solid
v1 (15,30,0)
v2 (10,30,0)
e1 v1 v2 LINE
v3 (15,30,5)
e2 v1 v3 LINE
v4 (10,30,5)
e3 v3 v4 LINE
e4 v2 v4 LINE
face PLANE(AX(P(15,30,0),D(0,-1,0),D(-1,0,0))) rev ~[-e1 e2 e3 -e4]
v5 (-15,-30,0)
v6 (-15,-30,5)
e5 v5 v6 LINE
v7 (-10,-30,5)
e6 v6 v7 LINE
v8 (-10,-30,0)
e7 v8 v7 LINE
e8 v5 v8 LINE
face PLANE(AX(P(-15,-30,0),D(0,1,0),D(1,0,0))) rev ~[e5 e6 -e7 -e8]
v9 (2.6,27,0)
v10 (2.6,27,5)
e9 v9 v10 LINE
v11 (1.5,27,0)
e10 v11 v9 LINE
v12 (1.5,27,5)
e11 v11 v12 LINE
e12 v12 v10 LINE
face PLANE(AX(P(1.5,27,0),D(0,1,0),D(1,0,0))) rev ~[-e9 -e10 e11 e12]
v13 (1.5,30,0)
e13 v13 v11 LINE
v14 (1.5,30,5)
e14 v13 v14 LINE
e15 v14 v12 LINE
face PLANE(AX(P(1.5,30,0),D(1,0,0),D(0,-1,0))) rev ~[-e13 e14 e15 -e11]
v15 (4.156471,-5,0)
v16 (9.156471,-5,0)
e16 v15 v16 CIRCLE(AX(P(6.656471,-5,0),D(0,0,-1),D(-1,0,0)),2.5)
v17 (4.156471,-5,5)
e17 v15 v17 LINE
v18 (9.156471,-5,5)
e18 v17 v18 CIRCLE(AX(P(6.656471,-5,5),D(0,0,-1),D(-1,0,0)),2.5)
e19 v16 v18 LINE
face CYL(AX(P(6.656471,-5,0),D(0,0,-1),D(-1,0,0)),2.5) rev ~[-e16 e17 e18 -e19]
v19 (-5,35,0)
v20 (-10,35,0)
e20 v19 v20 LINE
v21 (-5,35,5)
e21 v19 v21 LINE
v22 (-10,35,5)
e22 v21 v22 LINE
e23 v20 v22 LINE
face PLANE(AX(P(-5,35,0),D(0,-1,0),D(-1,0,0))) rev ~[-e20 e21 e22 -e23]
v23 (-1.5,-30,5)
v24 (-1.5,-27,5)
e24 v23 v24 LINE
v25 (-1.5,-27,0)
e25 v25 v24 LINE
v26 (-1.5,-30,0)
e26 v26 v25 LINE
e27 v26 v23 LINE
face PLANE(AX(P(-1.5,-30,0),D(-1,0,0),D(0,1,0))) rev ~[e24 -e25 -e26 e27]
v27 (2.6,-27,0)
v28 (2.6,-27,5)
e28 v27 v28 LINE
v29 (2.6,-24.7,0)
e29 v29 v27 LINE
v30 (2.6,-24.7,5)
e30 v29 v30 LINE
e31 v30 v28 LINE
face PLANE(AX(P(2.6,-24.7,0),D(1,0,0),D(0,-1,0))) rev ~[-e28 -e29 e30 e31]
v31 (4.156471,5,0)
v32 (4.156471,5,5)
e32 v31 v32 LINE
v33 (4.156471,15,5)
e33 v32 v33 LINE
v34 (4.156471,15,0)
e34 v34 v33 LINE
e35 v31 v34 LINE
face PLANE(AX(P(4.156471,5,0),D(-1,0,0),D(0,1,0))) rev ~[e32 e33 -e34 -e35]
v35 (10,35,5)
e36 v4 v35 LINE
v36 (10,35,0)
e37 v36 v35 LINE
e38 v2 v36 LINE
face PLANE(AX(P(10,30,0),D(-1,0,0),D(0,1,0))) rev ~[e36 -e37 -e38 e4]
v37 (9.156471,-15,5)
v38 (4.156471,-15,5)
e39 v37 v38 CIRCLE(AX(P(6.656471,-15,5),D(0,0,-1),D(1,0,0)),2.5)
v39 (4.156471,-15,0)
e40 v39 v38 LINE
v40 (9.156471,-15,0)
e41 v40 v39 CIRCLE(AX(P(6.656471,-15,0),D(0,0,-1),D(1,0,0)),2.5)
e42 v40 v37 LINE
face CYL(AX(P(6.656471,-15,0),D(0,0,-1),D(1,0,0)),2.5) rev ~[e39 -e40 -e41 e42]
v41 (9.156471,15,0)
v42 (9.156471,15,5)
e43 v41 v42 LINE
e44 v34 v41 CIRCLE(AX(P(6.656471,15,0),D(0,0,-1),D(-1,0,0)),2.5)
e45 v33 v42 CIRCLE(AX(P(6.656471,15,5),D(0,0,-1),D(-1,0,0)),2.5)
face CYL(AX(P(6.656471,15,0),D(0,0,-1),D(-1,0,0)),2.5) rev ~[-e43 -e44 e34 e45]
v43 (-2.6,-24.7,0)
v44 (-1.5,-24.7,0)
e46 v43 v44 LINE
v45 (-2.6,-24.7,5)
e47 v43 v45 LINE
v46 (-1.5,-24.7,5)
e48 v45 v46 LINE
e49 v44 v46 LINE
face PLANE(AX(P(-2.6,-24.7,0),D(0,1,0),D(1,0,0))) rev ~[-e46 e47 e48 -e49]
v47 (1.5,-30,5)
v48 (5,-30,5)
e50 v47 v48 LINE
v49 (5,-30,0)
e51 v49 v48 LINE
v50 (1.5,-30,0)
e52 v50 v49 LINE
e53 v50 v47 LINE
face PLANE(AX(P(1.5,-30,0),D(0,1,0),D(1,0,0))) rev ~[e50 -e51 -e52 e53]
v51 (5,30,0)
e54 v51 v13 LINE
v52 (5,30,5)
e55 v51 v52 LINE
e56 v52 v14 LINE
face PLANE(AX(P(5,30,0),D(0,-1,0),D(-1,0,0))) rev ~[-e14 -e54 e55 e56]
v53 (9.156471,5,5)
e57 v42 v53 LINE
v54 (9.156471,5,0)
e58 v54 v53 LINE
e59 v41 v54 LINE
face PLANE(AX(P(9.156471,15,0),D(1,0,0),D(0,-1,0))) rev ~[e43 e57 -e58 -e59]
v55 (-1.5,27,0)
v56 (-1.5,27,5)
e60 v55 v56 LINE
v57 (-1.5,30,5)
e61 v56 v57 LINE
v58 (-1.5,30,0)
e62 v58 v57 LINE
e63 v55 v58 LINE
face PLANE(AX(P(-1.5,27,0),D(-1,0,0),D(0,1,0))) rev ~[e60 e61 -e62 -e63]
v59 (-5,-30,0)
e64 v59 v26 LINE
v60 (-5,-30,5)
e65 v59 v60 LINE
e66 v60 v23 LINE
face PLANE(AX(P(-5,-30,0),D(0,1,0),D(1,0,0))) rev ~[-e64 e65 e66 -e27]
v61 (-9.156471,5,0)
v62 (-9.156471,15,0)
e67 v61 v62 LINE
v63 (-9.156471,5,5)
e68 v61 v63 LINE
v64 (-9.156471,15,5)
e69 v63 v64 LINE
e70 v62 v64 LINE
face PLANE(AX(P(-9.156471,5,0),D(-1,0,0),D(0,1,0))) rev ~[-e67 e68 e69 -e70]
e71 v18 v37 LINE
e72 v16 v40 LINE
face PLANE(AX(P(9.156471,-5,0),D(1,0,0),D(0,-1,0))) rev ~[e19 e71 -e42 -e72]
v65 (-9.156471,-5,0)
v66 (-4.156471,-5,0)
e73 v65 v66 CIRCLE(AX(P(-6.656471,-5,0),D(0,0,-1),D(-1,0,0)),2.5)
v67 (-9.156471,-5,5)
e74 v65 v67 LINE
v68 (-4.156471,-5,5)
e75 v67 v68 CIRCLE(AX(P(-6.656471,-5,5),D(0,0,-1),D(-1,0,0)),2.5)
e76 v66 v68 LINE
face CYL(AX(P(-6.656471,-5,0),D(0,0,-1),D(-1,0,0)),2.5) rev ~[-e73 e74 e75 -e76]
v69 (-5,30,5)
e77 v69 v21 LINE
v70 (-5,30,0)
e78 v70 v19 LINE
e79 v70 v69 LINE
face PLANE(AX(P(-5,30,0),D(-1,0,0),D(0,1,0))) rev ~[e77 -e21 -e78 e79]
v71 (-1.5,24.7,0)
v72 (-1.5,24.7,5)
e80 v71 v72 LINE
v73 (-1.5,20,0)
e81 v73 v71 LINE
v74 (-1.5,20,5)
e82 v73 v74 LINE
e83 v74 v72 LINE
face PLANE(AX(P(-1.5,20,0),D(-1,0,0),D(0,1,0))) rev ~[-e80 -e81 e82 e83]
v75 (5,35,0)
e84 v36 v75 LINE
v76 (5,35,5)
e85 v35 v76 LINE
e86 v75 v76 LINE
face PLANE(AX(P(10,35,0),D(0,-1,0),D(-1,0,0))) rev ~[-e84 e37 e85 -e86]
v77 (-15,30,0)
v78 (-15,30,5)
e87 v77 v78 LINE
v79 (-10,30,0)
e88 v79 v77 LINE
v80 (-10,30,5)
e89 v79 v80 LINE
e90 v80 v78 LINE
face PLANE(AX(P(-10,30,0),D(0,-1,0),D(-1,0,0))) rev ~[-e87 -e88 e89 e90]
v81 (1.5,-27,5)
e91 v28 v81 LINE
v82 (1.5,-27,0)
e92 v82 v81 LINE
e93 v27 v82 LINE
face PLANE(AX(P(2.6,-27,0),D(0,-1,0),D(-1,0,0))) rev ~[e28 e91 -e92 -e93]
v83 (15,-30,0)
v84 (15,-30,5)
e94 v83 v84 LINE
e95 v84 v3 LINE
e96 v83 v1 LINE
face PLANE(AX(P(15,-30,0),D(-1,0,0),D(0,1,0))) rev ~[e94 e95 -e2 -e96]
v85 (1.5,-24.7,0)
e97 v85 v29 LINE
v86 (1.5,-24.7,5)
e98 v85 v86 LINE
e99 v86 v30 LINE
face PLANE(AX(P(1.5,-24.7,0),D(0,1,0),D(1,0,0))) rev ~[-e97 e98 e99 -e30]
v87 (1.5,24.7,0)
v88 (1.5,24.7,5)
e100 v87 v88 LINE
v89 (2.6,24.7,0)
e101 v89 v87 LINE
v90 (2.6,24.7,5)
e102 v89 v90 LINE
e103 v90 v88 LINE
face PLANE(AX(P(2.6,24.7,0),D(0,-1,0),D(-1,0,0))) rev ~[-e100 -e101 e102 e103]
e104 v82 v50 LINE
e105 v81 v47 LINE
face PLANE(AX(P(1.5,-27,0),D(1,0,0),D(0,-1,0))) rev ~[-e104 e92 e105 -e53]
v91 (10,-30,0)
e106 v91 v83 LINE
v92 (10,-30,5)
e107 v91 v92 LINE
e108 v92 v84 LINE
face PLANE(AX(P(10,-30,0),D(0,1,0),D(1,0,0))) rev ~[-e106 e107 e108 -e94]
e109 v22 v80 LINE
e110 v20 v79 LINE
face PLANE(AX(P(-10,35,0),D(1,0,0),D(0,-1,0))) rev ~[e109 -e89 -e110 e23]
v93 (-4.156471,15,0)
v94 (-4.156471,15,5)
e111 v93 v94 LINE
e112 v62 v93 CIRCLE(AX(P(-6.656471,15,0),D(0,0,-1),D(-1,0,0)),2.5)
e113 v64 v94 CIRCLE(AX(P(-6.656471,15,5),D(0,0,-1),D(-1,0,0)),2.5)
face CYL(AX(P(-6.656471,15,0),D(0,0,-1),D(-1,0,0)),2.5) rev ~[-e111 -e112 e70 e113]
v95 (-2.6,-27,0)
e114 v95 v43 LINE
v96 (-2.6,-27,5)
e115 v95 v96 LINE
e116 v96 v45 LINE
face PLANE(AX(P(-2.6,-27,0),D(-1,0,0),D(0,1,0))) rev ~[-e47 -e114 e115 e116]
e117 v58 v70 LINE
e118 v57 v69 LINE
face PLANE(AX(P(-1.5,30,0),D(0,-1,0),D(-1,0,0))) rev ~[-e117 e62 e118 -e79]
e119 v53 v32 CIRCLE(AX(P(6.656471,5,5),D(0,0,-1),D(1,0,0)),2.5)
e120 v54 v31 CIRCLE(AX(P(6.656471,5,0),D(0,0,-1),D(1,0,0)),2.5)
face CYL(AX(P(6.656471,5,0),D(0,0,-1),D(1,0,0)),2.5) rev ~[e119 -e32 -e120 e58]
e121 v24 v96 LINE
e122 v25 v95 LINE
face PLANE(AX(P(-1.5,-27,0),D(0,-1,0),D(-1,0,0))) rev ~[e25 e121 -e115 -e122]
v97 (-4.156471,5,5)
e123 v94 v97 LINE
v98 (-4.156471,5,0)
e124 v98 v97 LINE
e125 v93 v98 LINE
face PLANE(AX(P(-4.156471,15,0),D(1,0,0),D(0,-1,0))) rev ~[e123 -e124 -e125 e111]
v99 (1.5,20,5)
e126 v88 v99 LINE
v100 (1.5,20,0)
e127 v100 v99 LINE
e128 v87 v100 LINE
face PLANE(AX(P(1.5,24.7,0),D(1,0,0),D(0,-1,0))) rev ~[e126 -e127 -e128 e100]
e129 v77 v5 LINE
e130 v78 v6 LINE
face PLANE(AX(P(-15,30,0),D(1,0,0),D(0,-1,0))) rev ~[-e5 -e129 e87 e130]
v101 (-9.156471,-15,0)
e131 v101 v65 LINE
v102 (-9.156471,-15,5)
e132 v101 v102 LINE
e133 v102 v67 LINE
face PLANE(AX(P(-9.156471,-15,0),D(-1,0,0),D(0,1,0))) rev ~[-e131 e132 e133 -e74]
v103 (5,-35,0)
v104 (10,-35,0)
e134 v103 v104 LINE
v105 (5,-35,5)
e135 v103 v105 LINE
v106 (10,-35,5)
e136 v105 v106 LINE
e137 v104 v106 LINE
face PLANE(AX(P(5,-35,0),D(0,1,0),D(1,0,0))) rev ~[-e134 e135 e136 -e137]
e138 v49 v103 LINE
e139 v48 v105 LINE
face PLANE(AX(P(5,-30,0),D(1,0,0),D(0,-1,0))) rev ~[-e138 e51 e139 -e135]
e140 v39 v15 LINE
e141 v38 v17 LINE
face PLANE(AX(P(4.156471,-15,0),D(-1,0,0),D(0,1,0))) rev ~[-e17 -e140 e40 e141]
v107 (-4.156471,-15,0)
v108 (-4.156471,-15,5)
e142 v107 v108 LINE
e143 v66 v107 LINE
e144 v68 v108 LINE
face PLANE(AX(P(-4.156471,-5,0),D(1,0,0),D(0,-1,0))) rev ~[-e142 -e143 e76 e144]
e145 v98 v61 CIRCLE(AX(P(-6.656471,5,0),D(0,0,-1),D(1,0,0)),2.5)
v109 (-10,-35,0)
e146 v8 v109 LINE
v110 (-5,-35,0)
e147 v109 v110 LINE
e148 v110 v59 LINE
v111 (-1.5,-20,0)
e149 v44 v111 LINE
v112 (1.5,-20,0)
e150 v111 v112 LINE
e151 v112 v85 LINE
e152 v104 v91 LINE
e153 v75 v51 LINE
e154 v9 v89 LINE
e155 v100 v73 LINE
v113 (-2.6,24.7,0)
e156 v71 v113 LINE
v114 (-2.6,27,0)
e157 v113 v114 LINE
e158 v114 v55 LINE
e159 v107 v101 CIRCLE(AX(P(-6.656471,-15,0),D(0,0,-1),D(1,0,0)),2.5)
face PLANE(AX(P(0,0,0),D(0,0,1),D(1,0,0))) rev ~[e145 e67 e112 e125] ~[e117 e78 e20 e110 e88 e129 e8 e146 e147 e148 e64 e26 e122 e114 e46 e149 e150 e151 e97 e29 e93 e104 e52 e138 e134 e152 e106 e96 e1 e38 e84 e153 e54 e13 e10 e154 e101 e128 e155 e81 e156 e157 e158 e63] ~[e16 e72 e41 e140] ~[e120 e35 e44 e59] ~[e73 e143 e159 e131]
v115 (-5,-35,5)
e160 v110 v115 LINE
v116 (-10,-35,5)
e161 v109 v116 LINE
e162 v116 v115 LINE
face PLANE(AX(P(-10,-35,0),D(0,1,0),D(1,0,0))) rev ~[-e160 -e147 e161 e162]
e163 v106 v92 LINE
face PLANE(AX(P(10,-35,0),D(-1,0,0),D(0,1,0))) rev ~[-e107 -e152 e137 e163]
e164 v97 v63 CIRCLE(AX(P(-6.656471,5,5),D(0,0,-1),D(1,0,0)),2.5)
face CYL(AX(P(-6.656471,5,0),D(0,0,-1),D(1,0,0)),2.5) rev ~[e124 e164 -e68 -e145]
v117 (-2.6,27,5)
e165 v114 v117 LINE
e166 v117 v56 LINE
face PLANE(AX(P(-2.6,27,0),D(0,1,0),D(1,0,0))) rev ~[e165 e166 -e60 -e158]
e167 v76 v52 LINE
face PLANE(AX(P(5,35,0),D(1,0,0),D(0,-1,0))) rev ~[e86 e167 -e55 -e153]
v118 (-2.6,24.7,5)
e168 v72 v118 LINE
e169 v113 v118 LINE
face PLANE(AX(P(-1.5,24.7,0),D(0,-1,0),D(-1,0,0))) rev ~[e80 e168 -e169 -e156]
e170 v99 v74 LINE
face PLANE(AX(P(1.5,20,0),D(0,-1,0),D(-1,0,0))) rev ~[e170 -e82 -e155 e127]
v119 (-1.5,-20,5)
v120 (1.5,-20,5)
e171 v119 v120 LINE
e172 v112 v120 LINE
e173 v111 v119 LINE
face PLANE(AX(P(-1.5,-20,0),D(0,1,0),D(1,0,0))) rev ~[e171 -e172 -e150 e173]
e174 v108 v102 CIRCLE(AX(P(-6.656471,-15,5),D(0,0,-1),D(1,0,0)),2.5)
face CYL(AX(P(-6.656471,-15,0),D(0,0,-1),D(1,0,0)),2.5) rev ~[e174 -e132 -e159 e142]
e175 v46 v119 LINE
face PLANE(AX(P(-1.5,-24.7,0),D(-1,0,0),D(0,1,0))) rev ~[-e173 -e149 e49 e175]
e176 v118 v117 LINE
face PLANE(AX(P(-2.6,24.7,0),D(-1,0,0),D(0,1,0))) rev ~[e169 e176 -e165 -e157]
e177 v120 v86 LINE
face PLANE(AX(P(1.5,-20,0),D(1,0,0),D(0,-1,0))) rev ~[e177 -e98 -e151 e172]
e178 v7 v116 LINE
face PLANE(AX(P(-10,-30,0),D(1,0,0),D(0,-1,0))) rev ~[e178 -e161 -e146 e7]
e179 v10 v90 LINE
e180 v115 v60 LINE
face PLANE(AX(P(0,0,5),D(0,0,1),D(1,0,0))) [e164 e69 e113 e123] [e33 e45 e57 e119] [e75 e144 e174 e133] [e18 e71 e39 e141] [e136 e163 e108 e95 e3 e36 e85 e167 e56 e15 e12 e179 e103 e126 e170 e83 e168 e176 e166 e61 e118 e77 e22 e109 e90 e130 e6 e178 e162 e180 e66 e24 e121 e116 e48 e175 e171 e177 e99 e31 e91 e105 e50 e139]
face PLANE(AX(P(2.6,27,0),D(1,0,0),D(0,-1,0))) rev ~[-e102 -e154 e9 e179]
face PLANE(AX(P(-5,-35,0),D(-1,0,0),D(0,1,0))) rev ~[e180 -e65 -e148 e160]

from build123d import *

# Parameters (mm, degrees)
BOSS_EXTRUDE1_DEPTH = 5


with BuildPart() as part:
    # Sketch1 → Boss-Extrude1 (new body)
    with BuildSketch(Plane.XY):
        Polygon((-10, 30), (-15, 30), (-15, -30), (-10, -30), (-10, -35), (-5, -35), (-5, -30), (-1.5, -30), (-1.5, -27), (-2.6, -27), (-2.6, -24.7), (-1.5, -24.7), (-1.5, -20), (1.5, -20), (1.5, -24.7), (2.6, -24.7), (2.6, -27), (1.5, -27), (1.5, -30), (5, -30), (5, -35), (10, -35), (10, -30), (15, -30), (15, 30), (10, 30), (10, 35), (5, 35), (5, 30), (1.5, 30), (1.5, 27), (2.6, 27), (2.6, 24.7), (1.5, 24.7), (1.5, 20), (-1.5, 20), (-1.5, 24.7), (-2.6, 24.7), (-2.6, 27), (-1.5, 27), (-1.5, 30), (-5, 30), (-5, 35), (-10, 35), align=None)
        with BuildLine():
            ThreePointArc((-4.156470727, -15), (-6.656470727, -17.5), (-9.156470727, -15))
            Line((-9.156470727, -15), (-9.156470727, -5))
            ThreePointArc((-9.156470727, -5), (-6.656470727, -2.5), (-4.156470727, -5))
            Line((-4.156470727, -5), (-4.156470727, -15))
        make_face(mode=Mode.SUBTRACT)
        with BuildLine():
            Line((9.156470727, -5), (9.156470727, -15))
            ThreePointArc((9.156470727, -15), (6.656470727, -17.5), (4.156470727, -15))
            Line((4.156470727, -15), (4.156470727, -5))
            ThreePointArc((4.156470727, -5), (6.656470727, -2.5), (9.156470727, -5))
        make_face(mode=Mode.SUBTRACT)
        with BuildLine():
            Line((-9.156470727, 5), (-9.156470727, 15))
            ThreePointArc((-9.156470727, 15), (-6.656470727, 17.5), (-4.156470727, 15))
            Line((-4.156470727, 15), (-4.156470727, 5))
            ThreePointArc((-4.156470727, 5), (-6.656470727, 2.5), (-9.156470727, 5))
        make_face(mode=Mode.SUBTRACT)
        with BuildLine():
            ThreePointArc((4.156470727, 15), (6.656470727, 17.5), (9.156470727, 15))
            Line((9.156470727, 15), (9.156470727, 5))
            ThreePointArc((9.156470727, 5), (6.656470727, 2.5), (4.156470727, 5))
            Line((4.156470727, 5), (4.156470727, 15))
        make_face(mode=Mode.SUBTRACT)
    extrude(amount=BOSS_EXTRUDE1_DEPTH)


solid = part.part
